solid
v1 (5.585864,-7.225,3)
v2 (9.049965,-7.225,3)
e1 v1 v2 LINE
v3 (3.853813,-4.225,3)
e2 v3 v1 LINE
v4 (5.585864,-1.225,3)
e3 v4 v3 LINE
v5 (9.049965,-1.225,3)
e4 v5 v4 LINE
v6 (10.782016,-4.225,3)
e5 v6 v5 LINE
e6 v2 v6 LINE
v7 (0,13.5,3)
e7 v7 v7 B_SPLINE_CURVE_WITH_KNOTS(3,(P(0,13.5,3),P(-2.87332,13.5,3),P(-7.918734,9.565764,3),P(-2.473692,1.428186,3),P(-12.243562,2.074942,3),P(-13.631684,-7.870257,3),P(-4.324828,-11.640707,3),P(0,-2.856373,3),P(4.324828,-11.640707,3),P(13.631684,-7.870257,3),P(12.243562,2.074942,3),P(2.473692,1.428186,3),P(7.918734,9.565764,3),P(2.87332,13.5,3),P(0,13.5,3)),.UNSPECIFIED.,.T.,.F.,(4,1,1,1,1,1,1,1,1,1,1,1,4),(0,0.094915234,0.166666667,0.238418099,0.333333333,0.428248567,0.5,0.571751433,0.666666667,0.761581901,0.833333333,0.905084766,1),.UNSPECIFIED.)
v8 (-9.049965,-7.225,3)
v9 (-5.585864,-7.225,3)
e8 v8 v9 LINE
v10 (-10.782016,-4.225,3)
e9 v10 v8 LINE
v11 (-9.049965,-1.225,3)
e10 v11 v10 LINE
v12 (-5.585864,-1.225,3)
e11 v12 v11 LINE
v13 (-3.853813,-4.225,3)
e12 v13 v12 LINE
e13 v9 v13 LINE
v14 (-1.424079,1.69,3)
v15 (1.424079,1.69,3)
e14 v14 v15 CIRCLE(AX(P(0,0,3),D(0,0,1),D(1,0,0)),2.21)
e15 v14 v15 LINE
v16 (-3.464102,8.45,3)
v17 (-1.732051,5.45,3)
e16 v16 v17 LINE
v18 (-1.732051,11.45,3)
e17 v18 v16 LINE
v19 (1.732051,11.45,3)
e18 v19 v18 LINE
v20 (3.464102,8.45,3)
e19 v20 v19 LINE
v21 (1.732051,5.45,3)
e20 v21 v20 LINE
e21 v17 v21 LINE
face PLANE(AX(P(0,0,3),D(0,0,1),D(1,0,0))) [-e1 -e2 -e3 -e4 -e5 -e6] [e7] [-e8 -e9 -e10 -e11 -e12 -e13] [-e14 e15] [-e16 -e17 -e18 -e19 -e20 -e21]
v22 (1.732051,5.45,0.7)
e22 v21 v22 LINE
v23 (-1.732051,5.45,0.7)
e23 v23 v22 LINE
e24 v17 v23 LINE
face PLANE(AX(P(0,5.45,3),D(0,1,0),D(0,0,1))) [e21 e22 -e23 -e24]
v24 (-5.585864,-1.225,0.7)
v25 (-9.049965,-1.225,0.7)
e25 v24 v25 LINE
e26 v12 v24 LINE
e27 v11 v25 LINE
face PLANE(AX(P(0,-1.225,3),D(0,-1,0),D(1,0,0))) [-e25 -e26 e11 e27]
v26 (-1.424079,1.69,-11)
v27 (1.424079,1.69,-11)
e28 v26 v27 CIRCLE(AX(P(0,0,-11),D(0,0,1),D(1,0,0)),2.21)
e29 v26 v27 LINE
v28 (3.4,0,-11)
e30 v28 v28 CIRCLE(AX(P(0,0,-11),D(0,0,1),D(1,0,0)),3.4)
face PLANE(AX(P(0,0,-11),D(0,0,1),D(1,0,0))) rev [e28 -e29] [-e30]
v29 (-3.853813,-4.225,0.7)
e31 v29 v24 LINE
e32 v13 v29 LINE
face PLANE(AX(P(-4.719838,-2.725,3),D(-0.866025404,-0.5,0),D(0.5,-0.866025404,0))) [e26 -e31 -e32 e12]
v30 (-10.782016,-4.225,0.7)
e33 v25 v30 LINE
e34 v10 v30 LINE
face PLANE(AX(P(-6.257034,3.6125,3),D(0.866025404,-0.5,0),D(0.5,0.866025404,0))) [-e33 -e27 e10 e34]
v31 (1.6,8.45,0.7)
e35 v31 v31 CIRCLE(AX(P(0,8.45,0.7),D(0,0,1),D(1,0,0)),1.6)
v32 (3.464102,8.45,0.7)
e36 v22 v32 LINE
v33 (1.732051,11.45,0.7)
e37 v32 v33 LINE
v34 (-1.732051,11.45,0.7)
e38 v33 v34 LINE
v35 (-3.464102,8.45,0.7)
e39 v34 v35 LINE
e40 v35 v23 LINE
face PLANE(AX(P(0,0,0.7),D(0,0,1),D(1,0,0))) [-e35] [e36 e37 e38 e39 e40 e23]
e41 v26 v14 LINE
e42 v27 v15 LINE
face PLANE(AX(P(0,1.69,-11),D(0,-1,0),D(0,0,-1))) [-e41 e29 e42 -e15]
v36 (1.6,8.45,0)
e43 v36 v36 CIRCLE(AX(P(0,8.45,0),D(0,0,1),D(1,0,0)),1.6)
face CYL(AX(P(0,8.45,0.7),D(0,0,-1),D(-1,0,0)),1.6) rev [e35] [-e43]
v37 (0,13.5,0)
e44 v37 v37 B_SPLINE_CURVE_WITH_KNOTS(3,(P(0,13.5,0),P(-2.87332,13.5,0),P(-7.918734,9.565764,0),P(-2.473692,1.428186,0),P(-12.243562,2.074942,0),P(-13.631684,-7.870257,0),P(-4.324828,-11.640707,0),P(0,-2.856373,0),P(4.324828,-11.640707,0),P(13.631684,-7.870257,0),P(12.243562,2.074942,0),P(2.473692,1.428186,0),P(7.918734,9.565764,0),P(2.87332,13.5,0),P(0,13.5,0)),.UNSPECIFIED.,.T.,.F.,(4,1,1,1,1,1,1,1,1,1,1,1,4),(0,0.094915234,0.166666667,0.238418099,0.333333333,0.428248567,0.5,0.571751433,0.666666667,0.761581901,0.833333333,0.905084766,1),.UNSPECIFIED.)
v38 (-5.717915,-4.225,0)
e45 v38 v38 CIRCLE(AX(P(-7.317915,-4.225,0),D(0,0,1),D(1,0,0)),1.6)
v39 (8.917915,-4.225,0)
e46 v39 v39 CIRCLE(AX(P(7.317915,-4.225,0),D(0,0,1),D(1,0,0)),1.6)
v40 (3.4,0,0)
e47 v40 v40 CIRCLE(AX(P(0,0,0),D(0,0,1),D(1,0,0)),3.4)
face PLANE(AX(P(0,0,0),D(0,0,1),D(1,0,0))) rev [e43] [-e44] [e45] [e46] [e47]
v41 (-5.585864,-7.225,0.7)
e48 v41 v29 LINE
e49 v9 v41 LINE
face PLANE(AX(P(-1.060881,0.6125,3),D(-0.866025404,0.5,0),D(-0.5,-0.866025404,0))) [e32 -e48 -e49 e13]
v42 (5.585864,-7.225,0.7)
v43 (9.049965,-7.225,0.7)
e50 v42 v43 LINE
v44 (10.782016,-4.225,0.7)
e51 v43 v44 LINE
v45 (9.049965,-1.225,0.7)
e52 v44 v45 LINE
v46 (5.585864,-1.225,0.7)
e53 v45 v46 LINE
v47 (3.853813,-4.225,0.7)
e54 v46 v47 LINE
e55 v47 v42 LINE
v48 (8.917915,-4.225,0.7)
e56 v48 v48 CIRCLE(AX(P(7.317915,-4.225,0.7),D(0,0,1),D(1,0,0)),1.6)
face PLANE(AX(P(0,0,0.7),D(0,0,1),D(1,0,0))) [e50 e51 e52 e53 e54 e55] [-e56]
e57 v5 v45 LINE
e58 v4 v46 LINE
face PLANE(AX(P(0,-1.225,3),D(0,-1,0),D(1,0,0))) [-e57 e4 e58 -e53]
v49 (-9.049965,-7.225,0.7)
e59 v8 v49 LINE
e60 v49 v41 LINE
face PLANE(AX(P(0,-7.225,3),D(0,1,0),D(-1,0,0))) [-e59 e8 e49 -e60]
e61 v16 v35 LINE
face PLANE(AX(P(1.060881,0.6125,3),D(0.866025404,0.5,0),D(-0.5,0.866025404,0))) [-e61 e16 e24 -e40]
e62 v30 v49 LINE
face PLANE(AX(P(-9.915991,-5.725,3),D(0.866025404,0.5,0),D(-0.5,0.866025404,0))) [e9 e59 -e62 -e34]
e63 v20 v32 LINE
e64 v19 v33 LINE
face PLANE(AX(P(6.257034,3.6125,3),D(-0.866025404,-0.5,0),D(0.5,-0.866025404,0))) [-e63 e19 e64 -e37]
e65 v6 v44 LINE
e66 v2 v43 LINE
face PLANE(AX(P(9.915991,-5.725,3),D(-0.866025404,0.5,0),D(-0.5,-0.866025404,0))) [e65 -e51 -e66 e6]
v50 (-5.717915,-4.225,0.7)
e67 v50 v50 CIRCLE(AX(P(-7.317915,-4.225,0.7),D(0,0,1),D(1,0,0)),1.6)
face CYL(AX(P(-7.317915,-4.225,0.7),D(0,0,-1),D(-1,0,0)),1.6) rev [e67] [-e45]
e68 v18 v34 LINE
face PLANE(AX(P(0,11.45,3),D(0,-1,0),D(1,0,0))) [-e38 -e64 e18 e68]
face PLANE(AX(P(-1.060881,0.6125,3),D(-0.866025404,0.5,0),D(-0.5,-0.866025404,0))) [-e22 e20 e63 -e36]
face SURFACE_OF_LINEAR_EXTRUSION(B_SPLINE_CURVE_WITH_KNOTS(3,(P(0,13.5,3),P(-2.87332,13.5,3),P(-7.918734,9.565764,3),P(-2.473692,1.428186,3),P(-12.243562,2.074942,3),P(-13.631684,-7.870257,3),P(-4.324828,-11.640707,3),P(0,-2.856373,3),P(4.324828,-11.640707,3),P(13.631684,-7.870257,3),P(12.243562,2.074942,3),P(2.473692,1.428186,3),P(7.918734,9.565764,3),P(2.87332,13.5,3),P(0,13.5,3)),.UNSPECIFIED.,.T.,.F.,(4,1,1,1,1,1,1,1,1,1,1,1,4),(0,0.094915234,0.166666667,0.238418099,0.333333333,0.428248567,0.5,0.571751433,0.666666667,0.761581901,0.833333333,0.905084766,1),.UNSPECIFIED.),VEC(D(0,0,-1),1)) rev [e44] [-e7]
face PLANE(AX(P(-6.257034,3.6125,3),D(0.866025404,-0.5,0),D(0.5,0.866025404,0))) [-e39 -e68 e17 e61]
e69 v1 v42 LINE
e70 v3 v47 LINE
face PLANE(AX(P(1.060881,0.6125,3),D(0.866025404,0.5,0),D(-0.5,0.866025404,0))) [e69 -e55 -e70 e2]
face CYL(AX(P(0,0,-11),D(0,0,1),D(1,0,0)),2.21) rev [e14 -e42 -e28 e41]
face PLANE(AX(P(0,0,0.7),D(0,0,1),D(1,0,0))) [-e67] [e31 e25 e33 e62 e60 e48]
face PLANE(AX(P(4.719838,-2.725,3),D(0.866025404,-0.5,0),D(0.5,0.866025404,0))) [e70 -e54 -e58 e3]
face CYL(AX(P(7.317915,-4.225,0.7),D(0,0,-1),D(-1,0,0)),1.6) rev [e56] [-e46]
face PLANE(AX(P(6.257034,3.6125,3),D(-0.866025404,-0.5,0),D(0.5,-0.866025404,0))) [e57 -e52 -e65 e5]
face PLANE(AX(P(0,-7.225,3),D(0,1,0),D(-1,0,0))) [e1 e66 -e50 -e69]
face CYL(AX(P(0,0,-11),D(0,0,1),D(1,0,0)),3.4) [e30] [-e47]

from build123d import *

# Parameters (mm, degrees)
SKETCH1_R                = 3.4
BOSS_EXTRUDE1_DEPTH      = 3
SKETCH1_3_R              = 1.6
BOSS_EXTRUDE2_DEPTH      = 0.7
BOSS_EXTRUDE2_2_DEPTH    = 0.7
BOSS_EXTRUDE2_3_DEPTH    = 0.7
BOSS_EXTRUDE3_DEPTH      = 3
BOSS_EXTRUDE3_DEPTH_BACK = 11
SKETCH1_4_R              = 3.4


with BuildPart() as part:
    # Sketch1 → Boss-Extrude1 (new body)
    with BuildSketch(Plane.XY):
        with BuildLine():
            add(Edge.make_bspline(
                [(0, 13.5), (-2.87331986, 13.5), (-7.91873378, 9.565764361), (-2.473691529, 1.42818647), (-12.243561833, 2.074942439), (-13.631684456, -7.87025669), (-4.324828053, -11.6407068), (0, -2.856372941), (4.324828053, -11.6407068), (13.631684456, -7.87025669), (12.243561833, 2.074942439), (2.473691529, 1.42818647), (7.91873378, 9.565764361), (2.87331986, 13.5), (0, 13.5)],
                knots=[0, 0, 0, 0, 0.094915234, 0.166666667, 0.238418099, 0.333333333, 0.428248567, 0.5, 0.571751433, 0.666666667, 0.761581901, 0.833333333, 0.905084766, 1, 1, 1, 1], degree=3))
        make_face()
        Polygon((-3.853813047, -4.225), (-5.585863854, -7.225), (-9.04996547, -7.225), (-10.782016277, -4.225), (-9.04996547, -1.225), (-5.585863854, -1.225), align=None, mode=Mode.SUBTRACT)
        Circle(SKETCH1_R, mode=Mode.SUBTRACT)
        Polygon((5.585863854, -1.225), (9.04996547, -1.225), (10.782016277, -4.225), (9.04996547, -7.225), (5.585863854, -7.225), (3.853813047, -4.225), align=None, mode=Mode.SUBTRACT)
        Polygon((-1.732050808, 5.45), (-3.464101615, 8.45), (-1.732050808, 11.45), (1.732050808, 11.45), (3.464101615, 8.45), (1.732050808, 5.45), align=None, mode=Mode.SUBTRACT)
    extrude(amount=BOSS_EXTRUDE1_DEPTH)

    # Sketch1<4> → Boss-Extrude3 (add, two sides: drawn at the far end of the back side and taken through both)
    with BuildSketch(Plane.XY.offset(-BOSS_EXTRUDE3_DEPTH_BACK)):
        Circle(SKETCH1_4_R)
        with BuildLine():
            ThreePointArc((1.42407865, 1.69), (0, -2.21), (-1.42407865, 1.69))
            Line((-1.42407865, 1.69), (1.42407865, 1.69))
        make_face(mode=Mode.SUBTRACT)
    extrude(amount=BOSS_EXTRUDE3_DEPTH + BOSS_EXTRUDE3_DEPTH_BACK)


with BuildPart() as body_2:
    # Sketch1<3> → Boss-Extrude2 (new body)
    with BuildSketch(Plane.XY):
        Polygon((-1.732050808, 11.45), (-3.464101615, 8.45), (-1.732050808, 5.45), (1.732050808, 5.45), (3.464101615, 8.45), (1.732050808, 11.45), align=None)
        with Locations((0, 8.45)):
            Circle(SKETCH1_3_R, mode=Mode.SUBTRACT)
    extrude(amount=BOSS_EXTRUDE2_DEPTH)


with BuildPart() as body_3:
    # Sketch1<3> → Boss-Extrude2 2 (new body)
    with BuildSketch(Plane.XY):
        Polygon((10.782016277, -4.225), (9.04996547, -1.225), (5.585863854, -1.225), (3.853813047, -4.225), (5.585863854, -7.225), (9.04996547, -7.225), align=None)
        with Locations((7.317914662, -4.225)):
            Circle(SKETCH1_3_R, mode=Mode.SUBTRACT)
    extrude(amount=BOSS_EXTRUDE2_2_DEPTH)


with BuildPart() as body_4:
    # Sketch1<3> → Boss-Extrude2 3 (new body)
    with BuildSketch(Plane.XY):
        Polygon((-9.04996547, -7.225), (-5.585863854, -7.225), (-3.853813047, -4.225), (-5.585863854, -1.225), (-9.04996547, -1.225), (-10.782016277, -4.225), align=None)
        with Locations((-7.317914662, -4.225)):
            Circle(SKETCH1_3_R, mode=Mode.SUBTRACT)
    extrude(amount=BOSS_EXTRUDE2_3_DEPTH)

    # Combine1: union body 2, body 3, part
    add(body_2.part)
    add(body_3.part)
    add(part.part)


solid = body_4.part
